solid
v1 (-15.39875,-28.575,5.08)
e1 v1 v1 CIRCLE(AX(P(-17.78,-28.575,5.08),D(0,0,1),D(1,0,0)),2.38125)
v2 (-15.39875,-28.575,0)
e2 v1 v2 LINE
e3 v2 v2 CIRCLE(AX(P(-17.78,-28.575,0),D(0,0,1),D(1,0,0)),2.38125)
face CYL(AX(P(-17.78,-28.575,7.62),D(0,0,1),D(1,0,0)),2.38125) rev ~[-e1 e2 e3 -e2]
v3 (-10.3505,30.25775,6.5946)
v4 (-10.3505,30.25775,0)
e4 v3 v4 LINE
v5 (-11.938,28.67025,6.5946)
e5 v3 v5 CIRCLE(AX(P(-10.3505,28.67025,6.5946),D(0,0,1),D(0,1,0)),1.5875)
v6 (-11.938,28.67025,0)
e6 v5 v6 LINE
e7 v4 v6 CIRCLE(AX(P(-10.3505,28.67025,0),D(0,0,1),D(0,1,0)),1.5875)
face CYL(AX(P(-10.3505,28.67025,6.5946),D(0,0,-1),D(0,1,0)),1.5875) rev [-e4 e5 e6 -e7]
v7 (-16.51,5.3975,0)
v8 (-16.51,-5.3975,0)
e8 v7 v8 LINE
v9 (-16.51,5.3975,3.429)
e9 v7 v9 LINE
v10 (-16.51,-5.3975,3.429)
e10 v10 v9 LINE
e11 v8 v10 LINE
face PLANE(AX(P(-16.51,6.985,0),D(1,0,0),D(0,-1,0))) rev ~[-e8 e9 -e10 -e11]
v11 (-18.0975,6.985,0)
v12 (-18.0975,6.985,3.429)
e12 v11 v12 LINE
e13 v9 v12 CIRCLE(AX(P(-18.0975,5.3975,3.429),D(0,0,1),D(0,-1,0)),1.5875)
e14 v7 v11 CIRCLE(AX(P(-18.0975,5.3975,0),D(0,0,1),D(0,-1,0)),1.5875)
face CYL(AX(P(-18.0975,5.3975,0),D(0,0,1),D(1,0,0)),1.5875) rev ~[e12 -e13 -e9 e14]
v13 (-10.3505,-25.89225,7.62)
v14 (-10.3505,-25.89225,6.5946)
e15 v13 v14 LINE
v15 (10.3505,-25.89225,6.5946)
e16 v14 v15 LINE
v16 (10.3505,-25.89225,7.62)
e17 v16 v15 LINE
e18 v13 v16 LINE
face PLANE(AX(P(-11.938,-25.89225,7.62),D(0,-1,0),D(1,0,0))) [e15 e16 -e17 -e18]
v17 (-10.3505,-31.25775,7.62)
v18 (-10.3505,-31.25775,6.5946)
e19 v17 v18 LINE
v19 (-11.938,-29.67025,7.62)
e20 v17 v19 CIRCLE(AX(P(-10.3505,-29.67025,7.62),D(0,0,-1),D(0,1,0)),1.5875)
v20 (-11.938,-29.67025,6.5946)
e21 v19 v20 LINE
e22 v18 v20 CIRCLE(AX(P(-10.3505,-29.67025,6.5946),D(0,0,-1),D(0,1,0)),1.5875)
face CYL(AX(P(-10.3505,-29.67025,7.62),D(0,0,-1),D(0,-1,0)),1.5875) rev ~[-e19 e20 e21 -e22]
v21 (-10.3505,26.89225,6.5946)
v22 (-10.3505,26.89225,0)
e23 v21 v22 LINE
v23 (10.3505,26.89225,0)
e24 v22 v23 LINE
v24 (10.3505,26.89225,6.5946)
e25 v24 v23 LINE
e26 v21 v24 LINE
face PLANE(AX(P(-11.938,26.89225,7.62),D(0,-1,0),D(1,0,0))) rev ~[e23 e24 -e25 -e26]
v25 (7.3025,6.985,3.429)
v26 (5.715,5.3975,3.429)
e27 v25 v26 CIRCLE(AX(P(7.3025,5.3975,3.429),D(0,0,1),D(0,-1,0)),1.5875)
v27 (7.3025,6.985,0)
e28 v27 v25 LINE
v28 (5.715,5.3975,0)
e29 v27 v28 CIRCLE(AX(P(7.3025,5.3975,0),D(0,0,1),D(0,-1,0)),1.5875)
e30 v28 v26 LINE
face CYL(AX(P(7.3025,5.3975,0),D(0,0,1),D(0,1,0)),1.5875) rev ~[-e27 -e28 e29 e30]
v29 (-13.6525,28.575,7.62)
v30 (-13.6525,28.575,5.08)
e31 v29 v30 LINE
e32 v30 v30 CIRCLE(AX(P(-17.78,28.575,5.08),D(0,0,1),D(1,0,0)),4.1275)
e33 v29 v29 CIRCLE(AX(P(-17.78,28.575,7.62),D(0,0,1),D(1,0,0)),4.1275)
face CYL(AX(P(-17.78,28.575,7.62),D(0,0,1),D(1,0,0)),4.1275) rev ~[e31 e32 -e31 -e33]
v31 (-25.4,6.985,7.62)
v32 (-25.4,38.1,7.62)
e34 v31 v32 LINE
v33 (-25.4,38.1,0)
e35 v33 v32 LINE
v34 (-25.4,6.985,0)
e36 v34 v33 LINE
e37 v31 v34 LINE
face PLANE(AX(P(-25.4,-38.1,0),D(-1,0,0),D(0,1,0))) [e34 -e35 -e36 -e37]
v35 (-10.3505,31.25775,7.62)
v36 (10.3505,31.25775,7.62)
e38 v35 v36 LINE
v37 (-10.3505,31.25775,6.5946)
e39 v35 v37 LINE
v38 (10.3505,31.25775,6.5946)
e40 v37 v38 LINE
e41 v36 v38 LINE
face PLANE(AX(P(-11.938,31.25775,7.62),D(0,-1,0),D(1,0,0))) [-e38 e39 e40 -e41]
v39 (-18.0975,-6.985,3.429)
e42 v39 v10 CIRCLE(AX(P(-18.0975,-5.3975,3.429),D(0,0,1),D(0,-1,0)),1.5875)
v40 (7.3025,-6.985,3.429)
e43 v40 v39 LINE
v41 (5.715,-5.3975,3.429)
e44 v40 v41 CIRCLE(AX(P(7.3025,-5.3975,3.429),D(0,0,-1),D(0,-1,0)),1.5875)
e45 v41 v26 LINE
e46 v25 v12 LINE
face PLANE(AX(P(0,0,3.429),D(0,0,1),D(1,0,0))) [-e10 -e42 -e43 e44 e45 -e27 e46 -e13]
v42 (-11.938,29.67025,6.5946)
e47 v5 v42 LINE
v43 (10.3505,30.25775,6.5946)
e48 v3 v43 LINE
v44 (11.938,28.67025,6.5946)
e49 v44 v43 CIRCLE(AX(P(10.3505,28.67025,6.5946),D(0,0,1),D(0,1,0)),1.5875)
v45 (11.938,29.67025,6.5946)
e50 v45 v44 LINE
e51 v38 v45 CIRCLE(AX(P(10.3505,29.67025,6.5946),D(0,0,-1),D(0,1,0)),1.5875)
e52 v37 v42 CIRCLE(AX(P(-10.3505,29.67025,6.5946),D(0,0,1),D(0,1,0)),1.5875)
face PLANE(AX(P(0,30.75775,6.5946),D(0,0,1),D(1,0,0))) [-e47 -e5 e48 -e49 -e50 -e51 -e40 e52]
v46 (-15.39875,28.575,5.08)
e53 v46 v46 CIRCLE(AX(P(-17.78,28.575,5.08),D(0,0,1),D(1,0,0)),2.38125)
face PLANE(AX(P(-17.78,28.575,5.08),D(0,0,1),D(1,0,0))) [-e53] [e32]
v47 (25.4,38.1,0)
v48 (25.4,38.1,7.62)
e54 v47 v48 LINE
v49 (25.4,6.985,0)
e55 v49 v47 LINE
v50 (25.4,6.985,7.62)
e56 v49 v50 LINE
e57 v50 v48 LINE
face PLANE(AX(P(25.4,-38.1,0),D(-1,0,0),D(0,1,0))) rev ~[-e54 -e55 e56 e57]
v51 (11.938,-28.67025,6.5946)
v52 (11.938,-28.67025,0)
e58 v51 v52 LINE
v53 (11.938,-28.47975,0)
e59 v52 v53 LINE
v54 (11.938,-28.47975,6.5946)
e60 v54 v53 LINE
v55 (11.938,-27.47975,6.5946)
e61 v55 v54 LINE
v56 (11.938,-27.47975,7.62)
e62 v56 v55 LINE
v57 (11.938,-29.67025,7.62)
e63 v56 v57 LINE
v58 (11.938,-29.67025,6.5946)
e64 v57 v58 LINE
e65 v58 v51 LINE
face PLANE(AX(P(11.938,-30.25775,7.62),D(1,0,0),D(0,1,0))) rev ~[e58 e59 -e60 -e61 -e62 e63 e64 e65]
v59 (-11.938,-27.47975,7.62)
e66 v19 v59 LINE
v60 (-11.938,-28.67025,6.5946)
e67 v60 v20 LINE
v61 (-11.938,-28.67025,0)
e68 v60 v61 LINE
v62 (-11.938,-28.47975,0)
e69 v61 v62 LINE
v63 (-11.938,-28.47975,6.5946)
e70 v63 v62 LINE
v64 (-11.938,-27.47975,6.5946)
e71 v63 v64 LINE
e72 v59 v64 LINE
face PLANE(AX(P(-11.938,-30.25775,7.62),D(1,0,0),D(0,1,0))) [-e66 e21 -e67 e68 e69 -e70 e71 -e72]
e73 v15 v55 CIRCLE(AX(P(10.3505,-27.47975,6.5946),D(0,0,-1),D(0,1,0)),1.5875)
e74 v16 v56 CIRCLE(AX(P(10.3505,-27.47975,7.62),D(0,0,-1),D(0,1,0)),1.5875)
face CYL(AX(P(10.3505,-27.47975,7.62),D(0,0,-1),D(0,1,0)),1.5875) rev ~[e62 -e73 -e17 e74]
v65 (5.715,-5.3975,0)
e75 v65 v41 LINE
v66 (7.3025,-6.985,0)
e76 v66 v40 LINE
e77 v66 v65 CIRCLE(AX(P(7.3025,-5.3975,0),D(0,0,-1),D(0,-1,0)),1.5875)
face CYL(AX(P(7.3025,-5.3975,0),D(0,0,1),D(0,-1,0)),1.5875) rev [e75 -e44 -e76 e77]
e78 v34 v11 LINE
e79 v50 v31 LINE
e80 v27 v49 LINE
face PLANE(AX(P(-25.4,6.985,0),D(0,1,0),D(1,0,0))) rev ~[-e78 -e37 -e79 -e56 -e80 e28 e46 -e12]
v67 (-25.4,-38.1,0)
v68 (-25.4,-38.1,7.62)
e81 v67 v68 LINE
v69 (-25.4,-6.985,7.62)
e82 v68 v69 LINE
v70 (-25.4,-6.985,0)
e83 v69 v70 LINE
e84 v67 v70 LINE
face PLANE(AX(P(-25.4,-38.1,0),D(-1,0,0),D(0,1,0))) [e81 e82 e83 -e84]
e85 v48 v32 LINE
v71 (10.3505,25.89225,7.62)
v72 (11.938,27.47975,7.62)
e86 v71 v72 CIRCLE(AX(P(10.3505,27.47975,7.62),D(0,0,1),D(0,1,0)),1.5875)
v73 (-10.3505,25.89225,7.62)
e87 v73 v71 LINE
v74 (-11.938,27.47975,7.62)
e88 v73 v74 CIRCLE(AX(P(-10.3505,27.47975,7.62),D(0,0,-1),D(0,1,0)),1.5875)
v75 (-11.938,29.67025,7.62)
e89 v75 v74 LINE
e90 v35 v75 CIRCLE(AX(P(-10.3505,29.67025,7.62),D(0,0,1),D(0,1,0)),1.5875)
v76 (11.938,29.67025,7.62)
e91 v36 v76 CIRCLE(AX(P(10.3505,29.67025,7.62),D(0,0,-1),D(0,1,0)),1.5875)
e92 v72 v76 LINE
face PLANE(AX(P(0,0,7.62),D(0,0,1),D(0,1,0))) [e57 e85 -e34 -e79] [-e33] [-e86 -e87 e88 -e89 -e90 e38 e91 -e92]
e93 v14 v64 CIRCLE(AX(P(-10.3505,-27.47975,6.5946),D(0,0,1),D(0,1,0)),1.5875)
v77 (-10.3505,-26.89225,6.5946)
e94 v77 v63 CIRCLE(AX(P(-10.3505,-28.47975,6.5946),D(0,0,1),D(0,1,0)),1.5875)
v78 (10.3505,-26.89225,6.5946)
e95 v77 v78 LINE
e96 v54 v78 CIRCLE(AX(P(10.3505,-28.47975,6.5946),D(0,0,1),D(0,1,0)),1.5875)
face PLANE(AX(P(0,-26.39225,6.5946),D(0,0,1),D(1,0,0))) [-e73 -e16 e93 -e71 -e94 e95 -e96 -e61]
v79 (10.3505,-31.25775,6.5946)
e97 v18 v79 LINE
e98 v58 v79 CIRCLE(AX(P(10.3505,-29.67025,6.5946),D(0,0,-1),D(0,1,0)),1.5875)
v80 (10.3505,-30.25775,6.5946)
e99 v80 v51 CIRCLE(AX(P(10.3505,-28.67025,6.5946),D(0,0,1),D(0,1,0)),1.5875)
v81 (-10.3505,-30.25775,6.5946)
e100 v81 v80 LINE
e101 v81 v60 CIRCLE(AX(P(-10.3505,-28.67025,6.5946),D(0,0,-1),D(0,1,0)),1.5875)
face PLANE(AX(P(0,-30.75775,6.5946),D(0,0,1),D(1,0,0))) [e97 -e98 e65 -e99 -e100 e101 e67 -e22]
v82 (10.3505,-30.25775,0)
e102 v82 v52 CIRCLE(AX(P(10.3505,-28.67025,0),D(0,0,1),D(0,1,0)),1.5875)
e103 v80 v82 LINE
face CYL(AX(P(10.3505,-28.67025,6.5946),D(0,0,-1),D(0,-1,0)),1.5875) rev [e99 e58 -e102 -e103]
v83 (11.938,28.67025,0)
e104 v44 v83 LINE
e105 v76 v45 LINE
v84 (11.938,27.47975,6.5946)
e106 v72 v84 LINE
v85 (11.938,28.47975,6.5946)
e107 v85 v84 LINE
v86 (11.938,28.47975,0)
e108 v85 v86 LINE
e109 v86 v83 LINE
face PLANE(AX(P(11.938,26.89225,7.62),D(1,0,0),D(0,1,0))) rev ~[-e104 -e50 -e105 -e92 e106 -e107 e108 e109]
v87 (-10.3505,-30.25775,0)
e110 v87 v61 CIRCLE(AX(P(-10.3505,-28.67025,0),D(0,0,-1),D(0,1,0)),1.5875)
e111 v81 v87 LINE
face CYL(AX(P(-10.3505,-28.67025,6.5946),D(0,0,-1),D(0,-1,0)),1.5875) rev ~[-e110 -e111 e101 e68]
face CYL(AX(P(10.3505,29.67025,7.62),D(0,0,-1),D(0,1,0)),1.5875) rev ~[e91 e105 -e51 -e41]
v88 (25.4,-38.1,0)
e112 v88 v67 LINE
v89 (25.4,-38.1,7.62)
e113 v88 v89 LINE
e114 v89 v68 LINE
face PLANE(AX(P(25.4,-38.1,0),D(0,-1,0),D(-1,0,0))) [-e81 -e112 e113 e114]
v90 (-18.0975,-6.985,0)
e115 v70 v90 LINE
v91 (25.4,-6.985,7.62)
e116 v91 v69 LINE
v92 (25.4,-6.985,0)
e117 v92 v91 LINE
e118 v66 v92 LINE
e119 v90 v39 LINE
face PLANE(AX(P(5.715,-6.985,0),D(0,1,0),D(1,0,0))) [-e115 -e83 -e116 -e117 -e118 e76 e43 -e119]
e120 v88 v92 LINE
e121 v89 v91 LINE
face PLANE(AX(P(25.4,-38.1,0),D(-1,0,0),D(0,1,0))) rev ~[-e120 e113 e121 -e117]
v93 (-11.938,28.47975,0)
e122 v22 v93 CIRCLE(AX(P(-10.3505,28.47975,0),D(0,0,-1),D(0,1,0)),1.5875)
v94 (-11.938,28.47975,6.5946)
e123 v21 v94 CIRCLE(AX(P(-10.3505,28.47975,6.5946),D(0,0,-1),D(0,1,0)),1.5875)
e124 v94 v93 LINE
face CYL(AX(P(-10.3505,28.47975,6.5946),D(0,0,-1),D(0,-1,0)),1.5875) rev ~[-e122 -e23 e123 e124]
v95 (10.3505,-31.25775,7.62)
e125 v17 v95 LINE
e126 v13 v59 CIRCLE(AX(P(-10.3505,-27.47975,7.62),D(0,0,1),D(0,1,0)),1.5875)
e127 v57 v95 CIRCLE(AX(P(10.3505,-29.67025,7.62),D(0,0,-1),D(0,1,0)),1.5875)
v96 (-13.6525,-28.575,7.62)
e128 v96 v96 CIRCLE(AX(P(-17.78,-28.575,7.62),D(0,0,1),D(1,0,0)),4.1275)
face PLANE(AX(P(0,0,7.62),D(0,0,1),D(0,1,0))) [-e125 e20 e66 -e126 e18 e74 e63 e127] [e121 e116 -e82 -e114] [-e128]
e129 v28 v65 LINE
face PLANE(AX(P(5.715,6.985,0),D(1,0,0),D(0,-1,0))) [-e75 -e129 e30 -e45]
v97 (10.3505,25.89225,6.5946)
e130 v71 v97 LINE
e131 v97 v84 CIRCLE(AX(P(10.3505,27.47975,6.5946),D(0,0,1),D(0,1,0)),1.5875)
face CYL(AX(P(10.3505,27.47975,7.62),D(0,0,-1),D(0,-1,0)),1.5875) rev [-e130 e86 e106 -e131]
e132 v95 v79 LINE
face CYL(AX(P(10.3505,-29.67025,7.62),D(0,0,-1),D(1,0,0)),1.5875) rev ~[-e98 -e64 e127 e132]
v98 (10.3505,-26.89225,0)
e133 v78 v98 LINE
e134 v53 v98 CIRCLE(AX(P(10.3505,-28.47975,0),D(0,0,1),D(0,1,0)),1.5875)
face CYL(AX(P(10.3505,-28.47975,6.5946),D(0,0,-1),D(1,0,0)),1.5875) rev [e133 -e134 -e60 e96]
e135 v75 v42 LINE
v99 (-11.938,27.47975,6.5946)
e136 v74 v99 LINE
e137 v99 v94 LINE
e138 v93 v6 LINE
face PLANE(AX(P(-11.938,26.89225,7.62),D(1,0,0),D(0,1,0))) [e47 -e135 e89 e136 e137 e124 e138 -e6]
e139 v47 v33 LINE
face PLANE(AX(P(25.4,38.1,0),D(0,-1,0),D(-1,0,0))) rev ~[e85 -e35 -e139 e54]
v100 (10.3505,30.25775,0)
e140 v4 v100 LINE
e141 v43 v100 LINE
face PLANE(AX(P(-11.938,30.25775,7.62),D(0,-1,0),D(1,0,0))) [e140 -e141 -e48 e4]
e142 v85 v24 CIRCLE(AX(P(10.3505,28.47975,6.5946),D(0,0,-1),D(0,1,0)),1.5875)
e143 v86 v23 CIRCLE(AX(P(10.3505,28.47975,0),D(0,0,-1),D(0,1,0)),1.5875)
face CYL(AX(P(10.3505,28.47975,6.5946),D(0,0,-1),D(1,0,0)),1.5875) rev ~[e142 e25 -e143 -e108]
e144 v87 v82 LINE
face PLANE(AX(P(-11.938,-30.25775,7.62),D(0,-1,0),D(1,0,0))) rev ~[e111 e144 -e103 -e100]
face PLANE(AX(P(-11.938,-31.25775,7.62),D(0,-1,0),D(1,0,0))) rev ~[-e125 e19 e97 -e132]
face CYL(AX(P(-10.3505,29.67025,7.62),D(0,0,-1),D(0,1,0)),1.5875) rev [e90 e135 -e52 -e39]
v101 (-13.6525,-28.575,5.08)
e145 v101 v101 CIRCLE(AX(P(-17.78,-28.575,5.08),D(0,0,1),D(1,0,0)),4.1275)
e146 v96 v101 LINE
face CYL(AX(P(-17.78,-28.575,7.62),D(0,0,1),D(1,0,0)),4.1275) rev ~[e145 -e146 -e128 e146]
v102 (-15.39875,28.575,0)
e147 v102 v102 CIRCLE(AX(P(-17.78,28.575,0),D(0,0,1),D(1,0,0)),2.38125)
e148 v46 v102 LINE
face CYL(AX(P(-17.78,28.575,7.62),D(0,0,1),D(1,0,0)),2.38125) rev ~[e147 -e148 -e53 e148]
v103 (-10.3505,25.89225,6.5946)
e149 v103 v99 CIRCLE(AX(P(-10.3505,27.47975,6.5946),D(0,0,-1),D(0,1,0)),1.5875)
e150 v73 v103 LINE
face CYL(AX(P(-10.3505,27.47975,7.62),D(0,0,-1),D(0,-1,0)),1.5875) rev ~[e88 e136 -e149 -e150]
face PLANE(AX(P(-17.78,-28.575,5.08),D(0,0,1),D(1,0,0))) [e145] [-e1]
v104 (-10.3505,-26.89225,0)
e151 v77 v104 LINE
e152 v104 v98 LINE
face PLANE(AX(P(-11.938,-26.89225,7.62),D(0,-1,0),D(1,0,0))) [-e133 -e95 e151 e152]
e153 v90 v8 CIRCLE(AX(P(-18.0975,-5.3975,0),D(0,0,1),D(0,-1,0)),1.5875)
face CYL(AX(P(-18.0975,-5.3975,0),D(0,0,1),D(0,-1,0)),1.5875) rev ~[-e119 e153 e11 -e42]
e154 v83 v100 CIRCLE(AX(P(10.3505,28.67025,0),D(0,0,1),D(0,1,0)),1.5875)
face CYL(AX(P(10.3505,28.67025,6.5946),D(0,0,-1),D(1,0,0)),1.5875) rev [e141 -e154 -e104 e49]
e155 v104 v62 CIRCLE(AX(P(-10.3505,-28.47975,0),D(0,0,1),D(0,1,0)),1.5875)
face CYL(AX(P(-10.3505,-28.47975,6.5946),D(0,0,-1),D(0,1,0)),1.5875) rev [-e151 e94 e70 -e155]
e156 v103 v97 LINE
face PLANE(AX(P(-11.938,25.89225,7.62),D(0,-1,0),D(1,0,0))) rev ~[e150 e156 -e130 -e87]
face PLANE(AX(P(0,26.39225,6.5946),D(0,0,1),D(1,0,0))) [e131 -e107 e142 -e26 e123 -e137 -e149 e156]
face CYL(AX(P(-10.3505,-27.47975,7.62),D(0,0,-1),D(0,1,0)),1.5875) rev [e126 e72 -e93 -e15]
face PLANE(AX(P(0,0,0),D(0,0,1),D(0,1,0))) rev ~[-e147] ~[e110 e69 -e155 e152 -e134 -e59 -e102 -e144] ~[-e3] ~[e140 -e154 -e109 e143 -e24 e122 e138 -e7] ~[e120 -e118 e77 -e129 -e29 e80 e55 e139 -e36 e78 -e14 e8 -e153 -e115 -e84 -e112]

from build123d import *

# Parameters (mm, degrees)
SKETCH1_W           = 76.2
SKETCH1_H           = 50.8
BOSS_EXTRUDE1_DEPTH = 7.62
SKETCH2_W           = 50.8
SKETCH2_H           = 13.97
CUT_EXTRUDE1_DEPTH  = 4.191
SKETCH3_W           = 8.89
SKETCH3_H           = 13.97
SKETCH3_W_2         = 19.685
CUT_EXTRUDE2_DEPTH  = 47.420193882
SKETCH4_R           = 2.38125
CUT_EXTRUDE3_DEPTH  = 47.420193882
SKETCH5_W           = 23.876
SKETCH5_H           = 3.3655
CUT_EXTRUDE4_DEPTH  = 47.420193882
SKETCH6_W           = 23.876
SKETCH6_H           = 1
CUT_EXTRUDE5_DEPTH  = 1.025400032
FILLET3_R           = 1.5875
FILLET6_R           = 1.5875
FILLET7_R           = 1.5875
SKETCH7_R           = 4.1275
CUT_EXTRUDE6_DEPTH  = 2.54


with BuildPart() as part:
    # Sketch1 → Boss-Extrude1 (new body)
    with BuildSketch(Plane(origin=(0, 0, 0), x_dir=(0, 1, 0), z_dir=(0, 0, 1))):
        Rectangle(SKETCH1_W, SKETCH1_H)
    extrude(amount=BOSS_EXTRUDE1_DEPTH)

    # Sketch2 → Cut-Extrude1 (cut)
    with BuildSketch(Plane.XY.offset(7.62)):
        Rectangle(SKETCH2_W, SKETCH2_H)
    extrude(amount=-CUT_EXTRUDE1_DEPTH, mode=Mode.SUBTRACT)

    # Sketch3 → Cut-Extrude2 (cut, through all)
    with BuildSketch(Plane(origin=(0, 0, 0), x_dir=(1, 0, 0), z_dir=(0, 0, -1))):
        with Locations((-20.955, 0)):
            Rectangle(SKETCH3_W, SKETCH3_H)
        with Locations((15.5575, 0)):
            Rectangle(SKETCH3_W_2, SKETCH3_H)
    extrude(amount=-CUT_EXTRUDE2_DEPTH, mode=Mode.SUBTRACT)

    # Sketch4 → Cut-Extrude3 (cut, through all)
    with BuildSketch(Plane.XY.offset(7.62)):
        with Locations((-17.78, 28.575)):
            Circle(SKETCH4_R)
        with Locations((-17.78, -28.575)):
            Circle(SKETCH4_R)
    extrude(amount=-CUT_EXTRUDE3_DEPTH, mode=Mode.SUBTRACT)

    # Sketch5 → Cut-Extrude4 (cut, through all)
    with BuildSketch(Plane.XY.offset(7.62)):
        with Locations((0, 28.575)):
            Rectangle(SKETCH5_W, SKETCH5_H)
        with Locations((0, -28.575)):
            Rectangle(SKETCH5_W, SKETCH5_H)
    extrude(amount=-CUT_EXTRUDE4_DEPTH, mode=Mode.SUBTRACT)

    # Sketch6 → Cut-Extrude5 (cut)
    with BuildSketch(Plane.XY.offset(7.62)):
        with Locations((0, 26.39225)):
            Rectangle(SKETCH6_W, SKETCH6_H)
        with Locations((0, -26.39225)):
            Rectangle(SKETCH6_W, SKETCH6_H)
        with Locations((0, 30.75775)):
            Rectangle(SKETCH6_W, SKETCH6_H)
        with Locations((0, -30.75775)):
            Rectangle(SKETCH6_W, SKETCH6_H)
    extrude(amount=-CUT_EXTRUDE5_DEPTH, mode=Mode.SUBTRACT)

    # Fillet3
    fillet3_edges = [part.edges().sort_by_distance(p)[0] for p in [
        (-16.51, 6.985, 1.7145),
        (-16.51, -6.985, 1.7145),
        (5.715, -6.985, 1.7145),
        (5.715, 6.985, 1.7145),
    ]]
    fillet(fillet3_edges, radius=FILLET3_R)

    # Fillet6
    fillet6_edges = [part.edges().sort_by_distance(p)[0] for p in [
        (-11.938, 30.25775, 3.297299984),
        (11.938, 30.25775, 3.297299984),
        (11.938, 26.89225, 3.297299984),
        (-11.938, 26.89225, 3.297299984),
        (-11.938, -26.89225, 3.297299984),
        (11.938, -26.89225, 3.297299984),
        (11.938, -30.25775, 3.297299984),
        (-11.938, -30.25775, 3.297299984),
    ]]
    fillet(fillet6_edges, radius=FILLET6_R)

    # Fillet7
    fillet7_edges = [part.edges().sort_by_distance(p)[0] for p in [
        (11.938, -31.25775, 7.107299984),
        (-11.938, -31.25775, 7.107299984),
        (-11.938, -25.89225, 7.107299984),
        (11.938, -25.89225, 7.107299984),
        (-11.938, 31.25775, 7.107299984),
        (11.938, 31.25775, 7.107299984),
        (11.938, 25.89225, 7.107299984),
        (-11.938, 25.89225, 7.107299984),
    ]]
    fillet(fillet7_edges, radius=FILLET7_R)

    # Sketch7 → Cut-Extrude6 (cut)
    with BuildSketch(Plane.XY.offset(7.62)):
        with Locations((-17.78, -28.575)):
            Circle(SKETCH7_R)
        with Locations((-17.78, 28.575)):
            Circle(SKETCH7_R)
    extrude(amount=-CUT_EXTRUDE6_DEPTH, mode=Mode.SUBTRACT)


solid = part.part
